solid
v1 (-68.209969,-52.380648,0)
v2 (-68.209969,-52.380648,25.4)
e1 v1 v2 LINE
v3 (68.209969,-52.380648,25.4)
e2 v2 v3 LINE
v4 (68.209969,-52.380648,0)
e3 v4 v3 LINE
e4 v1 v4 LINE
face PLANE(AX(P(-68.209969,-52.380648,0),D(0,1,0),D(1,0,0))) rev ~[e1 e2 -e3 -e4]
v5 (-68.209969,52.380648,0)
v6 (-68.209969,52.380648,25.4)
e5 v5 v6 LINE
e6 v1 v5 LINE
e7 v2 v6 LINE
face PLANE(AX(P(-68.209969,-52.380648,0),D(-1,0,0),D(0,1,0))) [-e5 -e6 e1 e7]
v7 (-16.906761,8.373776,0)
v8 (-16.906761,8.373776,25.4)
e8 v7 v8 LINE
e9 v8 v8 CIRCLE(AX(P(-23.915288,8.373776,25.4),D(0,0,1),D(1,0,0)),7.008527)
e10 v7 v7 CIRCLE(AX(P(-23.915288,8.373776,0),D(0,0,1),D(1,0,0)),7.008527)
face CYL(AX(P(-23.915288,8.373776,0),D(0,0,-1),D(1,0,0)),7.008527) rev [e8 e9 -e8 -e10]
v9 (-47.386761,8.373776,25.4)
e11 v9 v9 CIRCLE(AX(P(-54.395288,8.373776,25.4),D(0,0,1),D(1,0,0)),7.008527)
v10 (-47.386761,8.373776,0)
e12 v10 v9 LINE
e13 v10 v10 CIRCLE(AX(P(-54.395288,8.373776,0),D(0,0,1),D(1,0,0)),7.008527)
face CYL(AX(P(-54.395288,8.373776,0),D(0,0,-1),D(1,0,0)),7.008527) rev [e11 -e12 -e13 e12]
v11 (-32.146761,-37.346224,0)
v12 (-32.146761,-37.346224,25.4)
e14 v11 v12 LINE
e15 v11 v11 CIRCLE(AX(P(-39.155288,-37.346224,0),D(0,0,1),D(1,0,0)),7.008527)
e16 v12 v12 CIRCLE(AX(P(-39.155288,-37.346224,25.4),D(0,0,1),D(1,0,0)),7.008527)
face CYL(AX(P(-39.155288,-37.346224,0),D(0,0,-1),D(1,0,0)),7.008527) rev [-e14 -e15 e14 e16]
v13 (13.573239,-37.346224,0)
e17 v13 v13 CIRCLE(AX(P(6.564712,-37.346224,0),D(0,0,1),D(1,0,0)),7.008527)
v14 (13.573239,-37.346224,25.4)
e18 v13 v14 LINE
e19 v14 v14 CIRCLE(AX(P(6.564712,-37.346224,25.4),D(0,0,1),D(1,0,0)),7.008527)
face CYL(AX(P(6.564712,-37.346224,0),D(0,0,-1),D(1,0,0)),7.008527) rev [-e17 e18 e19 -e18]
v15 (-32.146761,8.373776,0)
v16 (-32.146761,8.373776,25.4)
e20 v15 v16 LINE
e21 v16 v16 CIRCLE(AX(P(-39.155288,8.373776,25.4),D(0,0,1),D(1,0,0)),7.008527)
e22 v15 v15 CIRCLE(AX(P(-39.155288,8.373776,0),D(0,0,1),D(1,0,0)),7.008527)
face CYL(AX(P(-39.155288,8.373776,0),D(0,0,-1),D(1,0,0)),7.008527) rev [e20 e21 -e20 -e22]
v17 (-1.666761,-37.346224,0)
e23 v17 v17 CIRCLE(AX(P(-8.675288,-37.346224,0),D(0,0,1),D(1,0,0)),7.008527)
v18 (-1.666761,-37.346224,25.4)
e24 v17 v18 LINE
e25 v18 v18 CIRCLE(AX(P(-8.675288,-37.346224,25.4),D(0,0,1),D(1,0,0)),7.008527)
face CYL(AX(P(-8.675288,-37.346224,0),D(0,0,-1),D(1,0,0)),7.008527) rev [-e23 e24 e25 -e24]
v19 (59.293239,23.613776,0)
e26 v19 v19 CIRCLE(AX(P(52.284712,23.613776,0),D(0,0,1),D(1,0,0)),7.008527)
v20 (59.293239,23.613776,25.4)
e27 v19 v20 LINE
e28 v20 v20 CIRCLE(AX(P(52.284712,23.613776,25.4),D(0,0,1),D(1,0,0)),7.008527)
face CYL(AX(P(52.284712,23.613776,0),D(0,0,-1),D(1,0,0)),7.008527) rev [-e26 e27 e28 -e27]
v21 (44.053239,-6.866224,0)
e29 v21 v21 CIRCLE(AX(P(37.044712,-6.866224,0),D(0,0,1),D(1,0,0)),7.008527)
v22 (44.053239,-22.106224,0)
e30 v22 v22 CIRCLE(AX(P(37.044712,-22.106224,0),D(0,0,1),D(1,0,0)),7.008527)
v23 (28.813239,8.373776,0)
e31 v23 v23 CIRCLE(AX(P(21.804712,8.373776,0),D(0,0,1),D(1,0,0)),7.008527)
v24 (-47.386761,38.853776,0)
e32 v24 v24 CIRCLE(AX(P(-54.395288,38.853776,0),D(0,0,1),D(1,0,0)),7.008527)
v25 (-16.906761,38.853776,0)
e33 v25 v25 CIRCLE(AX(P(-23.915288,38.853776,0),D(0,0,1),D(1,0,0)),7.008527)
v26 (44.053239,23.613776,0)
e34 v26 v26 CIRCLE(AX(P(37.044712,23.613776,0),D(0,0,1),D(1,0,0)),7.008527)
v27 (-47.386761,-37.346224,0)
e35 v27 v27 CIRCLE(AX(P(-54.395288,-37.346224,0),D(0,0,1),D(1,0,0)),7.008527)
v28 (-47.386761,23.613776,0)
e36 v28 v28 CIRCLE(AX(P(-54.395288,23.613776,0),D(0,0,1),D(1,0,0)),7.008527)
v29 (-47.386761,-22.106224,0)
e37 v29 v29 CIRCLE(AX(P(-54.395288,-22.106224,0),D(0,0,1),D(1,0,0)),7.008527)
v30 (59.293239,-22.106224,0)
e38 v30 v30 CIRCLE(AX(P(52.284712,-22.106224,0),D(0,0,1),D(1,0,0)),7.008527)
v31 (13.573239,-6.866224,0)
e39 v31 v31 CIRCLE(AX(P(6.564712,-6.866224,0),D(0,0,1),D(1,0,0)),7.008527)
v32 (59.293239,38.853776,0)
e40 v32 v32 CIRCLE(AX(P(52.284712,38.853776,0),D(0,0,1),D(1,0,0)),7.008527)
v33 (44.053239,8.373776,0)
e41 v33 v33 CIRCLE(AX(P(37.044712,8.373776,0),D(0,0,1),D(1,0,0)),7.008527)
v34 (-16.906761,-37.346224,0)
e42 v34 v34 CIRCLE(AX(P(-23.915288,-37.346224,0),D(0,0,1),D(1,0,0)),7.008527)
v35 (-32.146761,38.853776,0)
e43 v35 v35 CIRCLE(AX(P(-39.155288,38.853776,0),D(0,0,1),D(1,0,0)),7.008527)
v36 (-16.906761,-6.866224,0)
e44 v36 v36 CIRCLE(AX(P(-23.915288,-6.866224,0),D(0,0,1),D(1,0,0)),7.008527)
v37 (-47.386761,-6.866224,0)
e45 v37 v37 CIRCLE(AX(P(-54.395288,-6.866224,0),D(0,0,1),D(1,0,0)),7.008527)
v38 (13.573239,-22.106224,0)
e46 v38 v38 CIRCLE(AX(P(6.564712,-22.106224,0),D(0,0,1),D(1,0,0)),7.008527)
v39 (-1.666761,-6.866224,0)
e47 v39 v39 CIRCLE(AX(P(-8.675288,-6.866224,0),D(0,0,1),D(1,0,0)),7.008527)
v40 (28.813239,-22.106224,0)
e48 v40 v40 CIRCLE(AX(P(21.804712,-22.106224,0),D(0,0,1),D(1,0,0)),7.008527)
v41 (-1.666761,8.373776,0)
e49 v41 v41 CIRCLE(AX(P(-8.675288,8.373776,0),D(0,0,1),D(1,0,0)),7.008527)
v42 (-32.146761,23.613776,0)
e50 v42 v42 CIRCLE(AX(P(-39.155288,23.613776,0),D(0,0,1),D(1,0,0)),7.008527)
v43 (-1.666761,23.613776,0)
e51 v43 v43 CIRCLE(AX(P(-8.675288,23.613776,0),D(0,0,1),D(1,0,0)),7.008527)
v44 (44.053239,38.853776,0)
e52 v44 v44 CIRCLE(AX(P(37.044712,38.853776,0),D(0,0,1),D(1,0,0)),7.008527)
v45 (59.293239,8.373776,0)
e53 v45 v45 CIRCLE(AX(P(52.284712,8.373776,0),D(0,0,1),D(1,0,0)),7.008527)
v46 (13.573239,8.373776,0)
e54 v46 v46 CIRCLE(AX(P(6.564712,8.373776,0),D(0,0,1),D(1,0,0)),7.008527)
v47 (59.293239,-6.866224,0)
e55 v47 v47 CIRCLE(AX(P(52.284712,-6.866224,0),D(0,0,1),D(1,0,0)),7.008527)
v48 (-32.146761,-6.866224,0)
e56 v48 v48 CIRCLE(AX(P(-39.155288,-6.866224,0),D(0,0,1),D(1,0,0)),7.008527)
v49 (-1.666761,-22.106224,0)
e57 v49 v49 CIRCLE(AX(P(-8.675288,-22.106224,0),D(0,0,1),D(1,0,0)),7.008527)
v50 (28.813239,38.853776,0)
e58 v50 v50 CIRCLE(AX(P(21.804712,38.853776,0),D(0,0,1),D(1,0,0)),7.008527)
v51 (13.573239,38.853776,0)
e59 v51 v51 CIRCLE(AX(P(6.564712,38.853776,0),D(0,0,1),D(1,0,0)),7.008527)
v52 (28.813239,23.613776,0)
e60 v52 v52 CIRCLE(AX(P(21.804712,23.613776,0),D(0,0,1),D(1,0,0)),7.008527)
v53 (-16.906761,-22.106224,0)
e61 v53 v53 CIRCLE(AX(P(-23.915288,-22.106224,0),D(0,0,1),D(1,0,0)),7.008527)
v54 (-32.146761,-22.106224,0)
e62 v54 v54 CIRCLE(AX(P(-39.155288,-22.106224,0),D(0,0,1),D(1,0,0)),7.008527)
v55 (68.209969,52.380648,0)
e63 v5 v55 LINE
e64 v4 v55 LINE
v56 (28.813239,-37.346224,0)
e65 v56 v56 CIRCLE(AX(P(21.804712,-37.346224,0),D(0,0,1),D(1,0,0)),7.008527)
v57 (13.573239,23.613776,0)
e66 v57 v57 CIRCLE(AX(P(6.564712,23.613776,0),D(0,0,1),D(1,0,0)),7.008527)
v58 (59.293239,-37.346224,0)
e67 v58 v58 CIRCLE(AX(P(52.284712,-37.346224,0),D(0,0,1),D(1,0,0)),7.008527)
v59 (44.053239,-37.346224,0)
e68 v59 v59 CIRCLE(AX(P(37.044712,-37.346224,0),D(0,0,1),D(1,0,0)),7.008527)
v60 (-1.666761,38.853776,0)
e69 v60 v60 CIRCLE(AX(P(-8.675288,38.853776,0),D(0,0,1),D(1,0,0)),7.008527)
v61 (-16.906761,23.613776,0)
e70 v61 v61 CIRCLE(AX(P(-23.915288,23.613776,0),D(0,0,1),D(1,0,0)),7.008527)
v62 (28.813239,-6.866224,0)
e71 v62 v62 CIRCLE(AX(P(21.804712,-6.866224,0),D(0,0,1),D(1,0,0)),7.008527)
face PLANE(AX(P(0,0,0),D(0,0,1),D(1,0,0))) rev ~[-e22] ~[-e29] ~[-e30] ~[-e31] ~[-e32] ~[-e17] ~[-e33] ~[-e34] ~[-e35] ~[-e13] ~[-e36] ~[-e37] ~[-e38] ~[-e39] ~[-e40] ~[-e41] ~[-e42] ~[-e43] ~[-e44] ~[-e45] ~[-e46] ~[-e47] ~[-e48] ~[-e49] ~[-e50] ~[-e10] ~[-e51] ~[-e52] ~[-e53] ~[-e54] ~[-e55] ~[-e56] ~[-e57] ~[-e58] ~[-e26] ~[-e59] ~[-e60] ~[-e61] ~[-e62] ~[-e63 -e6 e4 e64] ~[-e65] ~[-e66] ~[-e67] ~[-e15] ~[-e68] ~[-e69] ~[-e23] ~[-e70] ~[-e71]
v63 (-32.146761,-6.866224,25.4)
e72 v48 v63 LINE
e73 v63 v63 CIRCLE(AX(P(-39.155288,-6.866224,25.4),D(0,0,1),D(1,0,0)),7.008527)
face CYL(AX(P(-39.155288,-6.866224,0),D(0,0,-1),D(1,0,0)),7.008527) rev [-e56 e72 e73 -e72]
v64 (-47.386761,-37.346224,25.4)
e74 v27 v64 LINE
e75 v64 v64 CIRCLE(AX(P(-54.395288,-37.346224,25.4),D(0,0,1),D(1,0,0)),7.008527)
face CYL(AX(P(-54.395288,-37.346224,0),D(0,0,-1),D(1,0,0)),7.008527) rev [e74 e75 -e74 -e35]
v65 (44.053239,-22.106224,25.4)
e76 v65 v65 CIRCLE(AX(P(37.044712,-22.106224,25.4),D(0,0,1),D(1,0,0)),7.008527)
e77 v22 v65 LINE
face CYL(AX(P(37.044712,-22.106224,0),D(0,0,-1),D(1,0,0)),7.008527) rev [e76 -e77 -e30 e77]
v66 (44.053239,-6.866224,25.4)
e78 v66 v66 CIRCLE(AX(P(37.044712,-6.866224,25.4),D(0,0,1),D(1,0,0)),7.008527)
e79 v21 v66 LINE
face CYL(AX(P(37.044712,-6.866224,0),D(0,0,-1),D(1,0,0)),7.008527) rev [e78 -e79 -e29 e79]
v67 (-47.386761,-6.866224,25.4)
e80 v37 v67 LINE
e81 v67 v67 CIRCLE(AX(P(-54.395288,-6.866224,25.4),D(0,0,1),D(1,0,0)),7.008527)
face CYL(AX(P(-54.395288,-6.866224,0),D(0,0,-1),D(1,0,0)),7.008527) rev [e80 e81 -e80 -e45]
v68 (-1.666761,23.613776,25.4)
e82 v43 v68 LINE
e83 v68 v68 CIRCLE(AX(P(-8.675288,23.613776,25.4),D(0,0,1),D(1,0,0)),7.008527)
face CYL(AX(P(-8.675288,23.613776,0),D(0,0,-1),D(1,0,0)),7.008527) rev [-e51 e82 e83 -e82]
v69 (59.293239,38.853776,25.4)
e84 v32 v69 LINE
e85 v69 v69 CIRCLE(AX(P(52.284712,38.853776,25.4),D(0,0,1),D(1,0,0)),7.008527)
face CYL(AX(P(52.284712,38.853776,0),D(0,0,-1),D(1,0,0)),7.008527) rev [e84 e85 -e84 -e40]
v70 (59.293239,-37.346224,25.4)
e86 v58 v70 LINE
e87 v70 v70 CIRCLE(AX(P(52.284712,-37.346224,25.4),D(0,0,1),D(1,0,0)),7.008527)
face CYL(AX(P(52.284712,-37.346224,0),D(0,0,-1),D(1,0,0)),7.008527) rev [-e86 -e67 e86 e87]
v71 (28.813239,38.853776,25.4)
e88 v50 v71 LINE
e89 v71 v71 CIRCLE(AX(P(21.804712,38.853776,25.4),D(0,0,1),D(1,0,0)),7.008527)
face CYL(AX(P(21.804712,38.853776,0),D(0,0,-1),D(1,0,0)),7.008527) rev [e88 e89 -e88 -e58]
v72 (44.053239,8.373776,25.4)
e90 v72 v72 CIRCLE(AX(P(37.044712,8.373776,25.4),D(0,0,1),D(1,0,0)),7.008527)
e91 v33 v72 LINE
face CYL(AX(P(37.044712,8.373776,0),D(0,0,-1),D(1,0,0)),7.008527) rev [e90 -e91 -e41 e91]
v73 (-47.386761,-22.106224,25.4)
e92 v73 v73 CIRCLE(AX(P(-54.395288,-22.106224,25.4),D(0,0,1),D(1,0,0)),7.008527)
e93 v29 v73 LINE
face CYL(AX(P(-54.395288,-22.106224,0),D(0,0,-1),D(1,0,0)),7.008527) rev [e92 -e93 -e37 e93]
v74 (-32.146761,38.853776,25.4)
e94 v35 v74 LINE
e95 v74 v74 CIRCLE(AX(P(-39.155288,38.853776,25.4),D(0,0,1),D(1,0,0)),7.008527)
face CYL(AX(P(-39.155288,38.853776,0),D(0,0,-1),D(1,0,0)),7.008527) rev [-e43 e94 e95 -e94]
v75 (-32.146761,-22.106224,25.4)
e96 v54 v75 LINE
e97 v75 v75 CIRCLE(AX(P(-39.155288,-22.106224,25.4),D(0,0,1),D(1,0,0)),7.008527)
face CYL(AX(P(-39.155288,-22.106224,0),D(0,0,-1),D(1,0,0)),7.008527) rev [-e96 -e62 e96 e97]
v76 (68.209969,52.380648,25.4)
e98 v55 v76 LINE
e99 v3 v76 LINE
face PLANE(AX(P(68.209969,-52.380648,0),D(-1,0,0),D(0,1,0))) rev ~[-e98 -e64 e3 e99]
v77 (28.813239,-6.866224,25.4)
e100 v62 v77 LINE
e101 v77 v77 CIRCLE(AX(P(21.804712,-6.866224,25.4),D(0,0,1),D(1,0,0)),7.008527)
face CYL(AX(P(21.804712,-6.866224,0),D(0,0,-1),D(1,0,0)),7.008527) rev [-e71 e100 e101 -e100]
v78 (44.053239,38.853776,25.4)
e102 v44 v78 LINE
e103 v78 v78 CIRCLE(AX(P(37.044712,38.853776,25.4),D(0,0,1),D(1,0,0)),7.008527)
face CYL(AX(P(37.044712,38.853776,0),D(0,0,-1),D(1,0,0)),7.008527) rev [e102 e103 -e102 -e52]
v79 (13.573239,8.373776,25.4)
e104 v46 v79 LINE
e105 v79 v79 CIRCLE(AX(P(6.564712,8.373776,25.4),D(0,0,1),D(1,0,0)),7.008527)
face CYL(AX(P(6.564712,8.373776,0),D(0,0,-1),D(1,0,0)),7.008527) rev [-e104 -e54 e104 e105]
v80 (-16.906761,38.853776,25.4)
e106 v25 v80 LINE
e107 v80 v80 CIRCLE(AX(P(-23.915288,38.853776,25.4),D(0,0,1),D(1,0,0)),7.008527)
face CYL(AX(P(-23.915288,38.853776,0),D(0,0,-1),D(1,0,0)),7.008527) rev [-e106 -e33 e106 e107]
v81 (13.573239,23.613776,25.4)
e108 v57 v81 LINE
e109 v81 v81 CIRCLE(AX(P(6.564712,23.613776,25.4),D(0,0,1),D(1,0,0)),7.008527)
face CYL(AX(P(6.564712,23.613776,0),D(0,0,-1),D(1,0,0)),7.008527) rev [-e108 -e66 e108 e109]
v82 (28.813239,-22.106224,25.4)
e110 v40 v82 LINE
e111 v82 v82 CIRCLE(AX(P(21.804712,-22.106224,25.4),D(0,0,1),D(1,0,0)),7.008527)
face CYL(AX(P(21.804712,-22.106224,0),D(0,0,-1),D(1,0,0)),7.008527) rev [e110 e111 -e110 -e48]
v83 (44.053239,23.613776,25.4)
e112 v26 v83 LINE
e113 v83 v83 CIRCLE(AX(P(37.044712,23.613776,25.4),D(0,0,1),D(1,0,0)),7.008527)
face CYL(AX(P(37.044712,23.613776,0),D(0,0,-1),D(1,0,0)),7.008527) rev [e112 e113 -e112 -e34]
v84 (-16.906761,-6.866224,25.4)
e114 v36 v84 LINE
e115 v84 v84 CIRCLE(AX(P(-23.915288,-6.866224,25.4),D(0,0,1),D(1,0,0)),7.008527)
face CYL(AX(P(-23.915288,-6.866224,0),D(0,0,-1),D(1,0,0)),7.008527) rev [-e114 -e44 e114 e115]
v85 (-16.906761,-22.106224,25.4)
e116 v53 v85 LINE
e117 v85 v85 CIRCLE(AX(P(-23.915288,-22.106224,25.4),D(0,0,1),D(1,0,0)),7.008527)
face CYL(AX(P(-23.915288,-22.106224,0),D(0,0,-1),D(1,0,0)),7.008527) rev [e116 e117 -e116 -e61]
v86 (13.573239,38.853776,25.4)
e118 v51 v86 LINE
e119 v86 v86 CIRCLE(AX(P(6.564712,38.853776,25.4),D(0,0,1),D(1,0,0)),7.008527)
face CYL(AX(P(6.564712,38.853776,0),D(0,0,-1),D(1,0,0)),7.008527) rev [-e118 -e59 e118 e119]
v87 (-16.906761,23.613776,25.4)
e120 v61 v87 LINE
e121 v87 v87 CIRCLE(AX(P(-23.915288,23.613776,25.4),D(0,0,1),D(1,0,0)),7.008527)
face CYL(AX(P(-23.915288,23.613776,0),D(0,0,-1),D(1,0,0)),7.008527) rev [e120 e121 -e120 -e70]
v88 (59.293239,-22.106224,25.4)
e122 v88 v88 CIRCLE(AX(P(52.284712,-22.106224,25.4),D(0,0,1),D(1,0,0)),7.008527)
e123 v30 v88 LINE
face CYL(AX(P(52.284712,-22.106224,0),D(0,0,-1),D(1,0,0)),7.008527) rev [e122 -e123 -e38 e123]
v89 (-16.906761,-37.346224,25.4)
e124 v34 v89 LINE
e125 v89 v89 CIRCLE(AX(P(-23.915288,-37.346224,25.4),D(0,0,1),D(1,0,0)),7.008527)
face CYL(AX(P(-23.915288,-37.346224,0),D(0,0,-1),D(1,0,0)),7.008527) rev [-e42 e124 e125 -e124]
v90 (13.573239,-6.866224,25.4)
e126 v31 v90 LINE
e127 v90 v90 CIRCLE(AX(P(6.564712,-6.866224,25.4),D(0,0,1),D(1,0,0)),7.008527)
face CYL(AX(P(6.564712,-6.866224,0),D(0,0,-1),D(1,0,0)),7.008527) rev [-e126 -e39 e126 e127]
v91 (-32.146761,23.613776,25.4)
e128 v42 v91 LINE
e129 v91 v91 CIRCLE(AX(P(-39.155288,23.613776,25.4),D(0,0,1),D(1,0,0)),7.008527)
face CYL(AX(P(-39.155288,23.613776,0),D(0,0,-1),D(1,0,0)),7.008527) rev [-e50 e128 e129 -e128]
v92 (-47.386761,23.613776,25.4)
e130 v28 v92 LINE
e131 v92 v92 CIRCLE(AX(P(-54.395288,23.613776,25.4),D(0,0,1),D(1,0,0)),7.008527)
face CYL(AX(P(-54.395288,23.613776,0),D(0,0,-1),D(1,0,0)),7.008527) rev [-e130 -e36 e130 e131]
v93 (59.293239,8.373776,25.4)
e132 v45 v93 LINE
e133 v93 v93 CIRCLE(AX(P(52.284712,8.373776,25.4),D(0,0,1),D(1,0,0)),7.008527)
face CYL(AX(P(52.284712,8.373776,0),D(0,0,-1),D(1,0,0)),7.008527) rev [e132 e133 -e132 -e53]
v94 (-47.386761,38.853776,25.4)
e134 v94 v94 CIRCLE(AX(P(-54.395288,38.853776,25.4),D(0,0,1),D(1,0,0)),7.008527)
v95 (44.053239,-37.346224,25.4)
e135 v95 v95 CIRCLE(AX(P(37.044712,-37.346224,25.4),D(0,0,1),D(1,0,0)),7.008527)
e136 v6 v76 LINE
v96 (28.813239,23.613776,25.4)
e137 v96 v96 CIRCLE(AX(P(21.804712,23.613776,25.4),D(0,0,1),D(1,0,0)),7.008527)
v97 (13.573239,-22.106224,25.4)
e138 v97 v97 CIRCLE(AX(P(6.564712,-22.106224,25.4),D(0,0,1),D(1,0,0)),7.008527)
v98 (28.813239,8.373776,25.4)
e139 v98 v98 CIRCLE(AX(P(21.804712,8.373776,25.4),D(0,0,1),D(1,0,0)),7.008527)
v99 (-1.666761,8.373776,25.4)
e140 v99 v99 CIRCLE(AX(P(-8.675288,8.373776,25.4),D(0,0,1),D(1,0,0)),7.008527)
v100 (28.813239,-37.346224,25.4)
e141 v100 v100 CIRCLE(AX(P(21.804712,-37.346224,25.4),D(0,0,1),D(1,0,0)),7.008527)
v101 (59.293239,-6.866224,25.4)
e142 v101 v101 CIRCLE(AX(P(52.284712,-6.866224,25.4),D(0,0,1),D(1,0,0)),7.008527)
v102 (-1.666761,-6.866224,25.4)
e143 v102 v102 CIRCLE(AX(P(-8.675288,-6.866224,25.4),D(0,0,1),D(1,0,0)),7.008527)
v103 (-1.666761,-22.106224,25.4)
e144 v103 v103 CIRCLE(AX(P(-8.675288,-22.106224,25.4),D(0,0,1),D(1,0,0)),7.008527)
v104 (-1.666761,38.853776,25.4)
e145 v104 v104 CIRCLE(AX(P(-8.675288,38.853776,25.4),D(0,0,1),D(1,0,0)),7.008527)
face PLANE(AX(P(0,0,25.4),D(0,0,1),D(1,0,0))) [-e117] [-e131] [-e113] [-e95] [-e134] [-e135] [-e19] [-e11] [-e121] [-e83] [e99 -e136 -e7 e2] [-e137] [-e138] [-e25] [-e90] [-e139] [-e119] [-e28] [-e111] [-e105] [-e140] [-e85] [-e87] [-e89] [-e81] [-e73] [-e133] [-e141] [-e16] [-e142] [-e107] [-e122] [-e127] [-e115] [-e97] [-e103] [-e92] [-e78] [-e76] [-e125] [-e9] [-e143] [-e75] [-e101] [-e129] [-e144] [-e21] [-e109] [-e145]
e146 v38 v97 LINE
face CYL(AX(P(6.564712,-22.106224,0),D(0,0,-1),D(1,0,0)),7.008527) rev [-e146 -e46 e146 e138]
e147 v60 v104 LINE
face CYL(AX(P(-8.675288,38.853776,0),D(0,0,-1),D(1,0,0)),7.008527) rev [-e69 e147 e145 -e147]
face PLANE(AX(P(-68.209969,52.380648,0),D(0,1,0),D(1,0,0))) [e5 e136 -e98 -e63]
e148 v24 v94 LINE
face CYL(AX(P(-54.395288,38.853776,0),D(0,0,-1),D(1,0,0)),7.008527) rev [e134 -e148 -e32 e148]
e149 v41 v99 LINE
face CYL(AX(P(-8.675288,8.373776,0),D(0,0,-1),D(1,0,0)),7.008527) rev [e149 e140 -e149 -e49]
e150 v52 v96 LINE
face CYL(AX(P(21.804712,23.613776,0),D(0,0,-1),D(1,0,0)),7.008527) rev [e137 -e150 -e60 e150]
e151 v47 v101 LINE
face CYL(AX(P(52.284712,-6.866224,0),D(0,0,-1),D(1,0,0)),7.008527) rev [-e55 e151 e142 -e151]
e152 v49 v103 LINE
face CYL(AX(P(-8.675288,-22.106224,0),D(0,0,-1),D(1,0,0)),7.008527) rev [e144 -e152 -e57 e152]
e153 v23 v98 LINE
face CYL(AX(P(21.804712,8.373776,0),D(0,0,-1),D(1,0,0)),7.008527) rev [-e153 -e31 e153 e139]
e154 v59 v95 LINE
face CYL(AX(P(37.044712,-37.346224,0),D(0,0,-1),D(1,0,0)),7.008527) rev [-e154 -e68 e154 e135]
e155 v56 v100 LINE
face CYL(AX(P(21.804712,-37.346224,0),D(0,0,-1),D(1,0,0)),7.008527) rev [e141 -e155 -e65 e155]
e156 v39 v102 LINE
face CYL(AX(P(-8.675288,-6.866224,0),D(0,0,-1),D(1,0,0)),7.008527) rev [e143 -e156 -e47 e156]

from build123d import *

# Parameters (mm, degrees)
F0_W     = 136.419938
F0_H     = 104.761296
F0_R     = 7.008527
F1_DEPTH = 25.4


with BuildPart() as f1:
    # F0 (on Top) → F1 (new body)
    with BuildSketch(Plane.XY):
        Rectangle(F0_W, F0_H)
        with Locations((-54.395288, -37.346224)):
            Circle(F0_R, mode=Mode.SUBTRACT)
        with Locations((-39.155288, -37.346224)):
            Circle(F0_R, mode=Mode.SUBTRACT)
        with Locations((-23.915288, -37.346224)):
            Circle(F0_R, mode=Mode.SUBTRACT)
        with Locations((-8.675288, -37.346224)):
            Circle(F0_R, mode=Mode.SUBTRACT)
        with Locations((-54.395288, -22.106224)):
            Circle(F0_R, mode=Mode.SUBTRACT)
        with Locations((-39.155288, -22.106224)):
            Circle(F0_R, mode=Mode.SUBTRACT)
        with Locations((-54.395288, -6.866224)):
            Circle(F0_R, mode=Mode.SUBTRACT)
        with Locations((-39.155288, -6.866224)):
            Circle(F0_R, mode=Mode.SUBTRACT)
        with Locations((-23.915288, -22.106224)):
            Circle(F0_R, mode=Mode.SUBTRACT)
        with Locations((-8.675288, -22.106224)):
            Circle(F0_R, mode=Mode.SUBTRACT)
        with Locations((-23.915288, -6.866224)):
            Circle(F0_R, mode=Mode.SUBTRACT)
        with Locations((-8.675288, -6.866224)):
            Circle(F0_R, mode=Mode.SUBTRACT)
        with Locations((6.564712, -37.346224)):
            Circle(F0_R, mode=Mode.SUBTRACT)
        with Locations((21.804712, -37.346224)):
            Circle(F0_R, mode=Mode.SUBTRACT)
        with Locations((37.044712, -37.346224)):
            Circle(F0_R, mode=Mode.SUBTRACT)
        with Locations((52.284712, -37.346224)):
            Circle(F0_R, mode=Mode.SUBTRACT)
        with Locations((6.564712, -22.106224)):
            Circle(F0_R, mode=Mode.SUBTRACT)
        with Locations((21.804712, -22.106224)):
            Circle(F0_R, mode=Mode.SUBTRACT)
        with Locations((6.564712, -6.866224)):
            Circle(F0_R, mode=Mode.SUBTRACT)
        with Locations((21.804712, -6.866224)):
            Circle(F0_R, mode=Mode.SUBTRACT)
        with Locations((37.044712, -22.106224)):
            Circle(F0_R, mode=Mode.SUBTRACT)
        with Locations((52.284712, -22.106224)):
            Circle(F0_R, mode=Mode.SUBTRACT)
        with Locations((37.044712, -6.866224)):
            Circle(F0_R, mode=Mode.SUBTRACT)
        with Locations((52.284712, -6.866224)):
            Circle(F0_R, mode=Mode.SUBTRACT)
        with Locations((-54.395288, 8.373776)):
            Circle(F0_R, mode=Mode.SUBTRACT)
        with Locations((-39.155288, 8.373776)):
            Circle(F0_R, mode=Mode.SUBTRACT)
        with Locations((-54.395288, 23.613776)):
            Circle(F0_R, mode=Mode.SUBTRACT)
        with Locations((-39.155288, 23.613776)):
            Circle(F0_R, mode=Mode.SUBTRACT)
        with Locations((-23.915288, 8.373776)):
            Circle(F0_R, mode=Mode.SUBTRACT)
        with Locations((-8.675288, 8.373776)):
            Circle(F0_R, mode=Mode.SUBTRACT)
        with Locations((-23.915288, 23.613776)):
            Circle(F0_R, mode=Mode.SUBTRACT)
        with Locations((-8.675288, 23.613776)):
            Circle(F0_R, mode=Mode.SUBTRACT)
        with Locations((-54.395288, 38.853776)):
            Circle(F0_R, mode=Mode.SUBTRACT)
        with Locations((-39.155288, 38.853776)):
            Circle(F0_R, mode=Mode.SUBTRACT)
        with Locations((-23.915288, 38.853776)):
            Circle(F0_R, mode=Mode.SUBTRACT)
        with Locations((-8.675288, 38.853776)):
            Circle(F0_R, mode=Mode.SUBTRACT)
        with Locations((6.564712, 8.373776)):
            Circle(F0_R, mode=Mode.SUBTRACT)
        with Locations((21.804712, 8.373776)):
            Circle(F0_R, mode=Mode.SUBTRACT)
        with Locations((6.564712, 23.613776)):
            Circle(F0_R, mode=Mode.SUBTRACT)
        with Locations((21.804712, 23.613776)):
            Circle(F0_R, mode=Mode.SUBTRACT)
        with Locations((37.044712, 8.373776)):
            Circle(F0_R, mode=Mode.SUBTRACT)
        with Locations((52.284712, 8.373776)):
            Circle(F0_R, mode=Mode.SUBTRACT)
        with Locations((37.044712, 23.613776)):
            Circle(F0_R, mode=Mode.SUBTRACT)
        with Locations((52.284712, 23.613776)):
            Circle(F0_R, mode=Mode.SUBTRACT)
        with Locations((6.564712, 38.853776)):
            Circle(F0_R, mode=Mode.SUBTRACT)
        with Locations((21.804712, 38.853776)):
            Circle(F0_R, mode=Mode.SUBTRACT)
        with Locations((37.044712, 38.853776)):
            Circle(F0_R, mode=Mode.SUBTRACT)
        with Locations((52.284712, 38.853776)):
            Circle(F0_R, mode=Mode.SUBTRACT)
    extrude(amount=F1_DEPTH)


solid = f1.part
